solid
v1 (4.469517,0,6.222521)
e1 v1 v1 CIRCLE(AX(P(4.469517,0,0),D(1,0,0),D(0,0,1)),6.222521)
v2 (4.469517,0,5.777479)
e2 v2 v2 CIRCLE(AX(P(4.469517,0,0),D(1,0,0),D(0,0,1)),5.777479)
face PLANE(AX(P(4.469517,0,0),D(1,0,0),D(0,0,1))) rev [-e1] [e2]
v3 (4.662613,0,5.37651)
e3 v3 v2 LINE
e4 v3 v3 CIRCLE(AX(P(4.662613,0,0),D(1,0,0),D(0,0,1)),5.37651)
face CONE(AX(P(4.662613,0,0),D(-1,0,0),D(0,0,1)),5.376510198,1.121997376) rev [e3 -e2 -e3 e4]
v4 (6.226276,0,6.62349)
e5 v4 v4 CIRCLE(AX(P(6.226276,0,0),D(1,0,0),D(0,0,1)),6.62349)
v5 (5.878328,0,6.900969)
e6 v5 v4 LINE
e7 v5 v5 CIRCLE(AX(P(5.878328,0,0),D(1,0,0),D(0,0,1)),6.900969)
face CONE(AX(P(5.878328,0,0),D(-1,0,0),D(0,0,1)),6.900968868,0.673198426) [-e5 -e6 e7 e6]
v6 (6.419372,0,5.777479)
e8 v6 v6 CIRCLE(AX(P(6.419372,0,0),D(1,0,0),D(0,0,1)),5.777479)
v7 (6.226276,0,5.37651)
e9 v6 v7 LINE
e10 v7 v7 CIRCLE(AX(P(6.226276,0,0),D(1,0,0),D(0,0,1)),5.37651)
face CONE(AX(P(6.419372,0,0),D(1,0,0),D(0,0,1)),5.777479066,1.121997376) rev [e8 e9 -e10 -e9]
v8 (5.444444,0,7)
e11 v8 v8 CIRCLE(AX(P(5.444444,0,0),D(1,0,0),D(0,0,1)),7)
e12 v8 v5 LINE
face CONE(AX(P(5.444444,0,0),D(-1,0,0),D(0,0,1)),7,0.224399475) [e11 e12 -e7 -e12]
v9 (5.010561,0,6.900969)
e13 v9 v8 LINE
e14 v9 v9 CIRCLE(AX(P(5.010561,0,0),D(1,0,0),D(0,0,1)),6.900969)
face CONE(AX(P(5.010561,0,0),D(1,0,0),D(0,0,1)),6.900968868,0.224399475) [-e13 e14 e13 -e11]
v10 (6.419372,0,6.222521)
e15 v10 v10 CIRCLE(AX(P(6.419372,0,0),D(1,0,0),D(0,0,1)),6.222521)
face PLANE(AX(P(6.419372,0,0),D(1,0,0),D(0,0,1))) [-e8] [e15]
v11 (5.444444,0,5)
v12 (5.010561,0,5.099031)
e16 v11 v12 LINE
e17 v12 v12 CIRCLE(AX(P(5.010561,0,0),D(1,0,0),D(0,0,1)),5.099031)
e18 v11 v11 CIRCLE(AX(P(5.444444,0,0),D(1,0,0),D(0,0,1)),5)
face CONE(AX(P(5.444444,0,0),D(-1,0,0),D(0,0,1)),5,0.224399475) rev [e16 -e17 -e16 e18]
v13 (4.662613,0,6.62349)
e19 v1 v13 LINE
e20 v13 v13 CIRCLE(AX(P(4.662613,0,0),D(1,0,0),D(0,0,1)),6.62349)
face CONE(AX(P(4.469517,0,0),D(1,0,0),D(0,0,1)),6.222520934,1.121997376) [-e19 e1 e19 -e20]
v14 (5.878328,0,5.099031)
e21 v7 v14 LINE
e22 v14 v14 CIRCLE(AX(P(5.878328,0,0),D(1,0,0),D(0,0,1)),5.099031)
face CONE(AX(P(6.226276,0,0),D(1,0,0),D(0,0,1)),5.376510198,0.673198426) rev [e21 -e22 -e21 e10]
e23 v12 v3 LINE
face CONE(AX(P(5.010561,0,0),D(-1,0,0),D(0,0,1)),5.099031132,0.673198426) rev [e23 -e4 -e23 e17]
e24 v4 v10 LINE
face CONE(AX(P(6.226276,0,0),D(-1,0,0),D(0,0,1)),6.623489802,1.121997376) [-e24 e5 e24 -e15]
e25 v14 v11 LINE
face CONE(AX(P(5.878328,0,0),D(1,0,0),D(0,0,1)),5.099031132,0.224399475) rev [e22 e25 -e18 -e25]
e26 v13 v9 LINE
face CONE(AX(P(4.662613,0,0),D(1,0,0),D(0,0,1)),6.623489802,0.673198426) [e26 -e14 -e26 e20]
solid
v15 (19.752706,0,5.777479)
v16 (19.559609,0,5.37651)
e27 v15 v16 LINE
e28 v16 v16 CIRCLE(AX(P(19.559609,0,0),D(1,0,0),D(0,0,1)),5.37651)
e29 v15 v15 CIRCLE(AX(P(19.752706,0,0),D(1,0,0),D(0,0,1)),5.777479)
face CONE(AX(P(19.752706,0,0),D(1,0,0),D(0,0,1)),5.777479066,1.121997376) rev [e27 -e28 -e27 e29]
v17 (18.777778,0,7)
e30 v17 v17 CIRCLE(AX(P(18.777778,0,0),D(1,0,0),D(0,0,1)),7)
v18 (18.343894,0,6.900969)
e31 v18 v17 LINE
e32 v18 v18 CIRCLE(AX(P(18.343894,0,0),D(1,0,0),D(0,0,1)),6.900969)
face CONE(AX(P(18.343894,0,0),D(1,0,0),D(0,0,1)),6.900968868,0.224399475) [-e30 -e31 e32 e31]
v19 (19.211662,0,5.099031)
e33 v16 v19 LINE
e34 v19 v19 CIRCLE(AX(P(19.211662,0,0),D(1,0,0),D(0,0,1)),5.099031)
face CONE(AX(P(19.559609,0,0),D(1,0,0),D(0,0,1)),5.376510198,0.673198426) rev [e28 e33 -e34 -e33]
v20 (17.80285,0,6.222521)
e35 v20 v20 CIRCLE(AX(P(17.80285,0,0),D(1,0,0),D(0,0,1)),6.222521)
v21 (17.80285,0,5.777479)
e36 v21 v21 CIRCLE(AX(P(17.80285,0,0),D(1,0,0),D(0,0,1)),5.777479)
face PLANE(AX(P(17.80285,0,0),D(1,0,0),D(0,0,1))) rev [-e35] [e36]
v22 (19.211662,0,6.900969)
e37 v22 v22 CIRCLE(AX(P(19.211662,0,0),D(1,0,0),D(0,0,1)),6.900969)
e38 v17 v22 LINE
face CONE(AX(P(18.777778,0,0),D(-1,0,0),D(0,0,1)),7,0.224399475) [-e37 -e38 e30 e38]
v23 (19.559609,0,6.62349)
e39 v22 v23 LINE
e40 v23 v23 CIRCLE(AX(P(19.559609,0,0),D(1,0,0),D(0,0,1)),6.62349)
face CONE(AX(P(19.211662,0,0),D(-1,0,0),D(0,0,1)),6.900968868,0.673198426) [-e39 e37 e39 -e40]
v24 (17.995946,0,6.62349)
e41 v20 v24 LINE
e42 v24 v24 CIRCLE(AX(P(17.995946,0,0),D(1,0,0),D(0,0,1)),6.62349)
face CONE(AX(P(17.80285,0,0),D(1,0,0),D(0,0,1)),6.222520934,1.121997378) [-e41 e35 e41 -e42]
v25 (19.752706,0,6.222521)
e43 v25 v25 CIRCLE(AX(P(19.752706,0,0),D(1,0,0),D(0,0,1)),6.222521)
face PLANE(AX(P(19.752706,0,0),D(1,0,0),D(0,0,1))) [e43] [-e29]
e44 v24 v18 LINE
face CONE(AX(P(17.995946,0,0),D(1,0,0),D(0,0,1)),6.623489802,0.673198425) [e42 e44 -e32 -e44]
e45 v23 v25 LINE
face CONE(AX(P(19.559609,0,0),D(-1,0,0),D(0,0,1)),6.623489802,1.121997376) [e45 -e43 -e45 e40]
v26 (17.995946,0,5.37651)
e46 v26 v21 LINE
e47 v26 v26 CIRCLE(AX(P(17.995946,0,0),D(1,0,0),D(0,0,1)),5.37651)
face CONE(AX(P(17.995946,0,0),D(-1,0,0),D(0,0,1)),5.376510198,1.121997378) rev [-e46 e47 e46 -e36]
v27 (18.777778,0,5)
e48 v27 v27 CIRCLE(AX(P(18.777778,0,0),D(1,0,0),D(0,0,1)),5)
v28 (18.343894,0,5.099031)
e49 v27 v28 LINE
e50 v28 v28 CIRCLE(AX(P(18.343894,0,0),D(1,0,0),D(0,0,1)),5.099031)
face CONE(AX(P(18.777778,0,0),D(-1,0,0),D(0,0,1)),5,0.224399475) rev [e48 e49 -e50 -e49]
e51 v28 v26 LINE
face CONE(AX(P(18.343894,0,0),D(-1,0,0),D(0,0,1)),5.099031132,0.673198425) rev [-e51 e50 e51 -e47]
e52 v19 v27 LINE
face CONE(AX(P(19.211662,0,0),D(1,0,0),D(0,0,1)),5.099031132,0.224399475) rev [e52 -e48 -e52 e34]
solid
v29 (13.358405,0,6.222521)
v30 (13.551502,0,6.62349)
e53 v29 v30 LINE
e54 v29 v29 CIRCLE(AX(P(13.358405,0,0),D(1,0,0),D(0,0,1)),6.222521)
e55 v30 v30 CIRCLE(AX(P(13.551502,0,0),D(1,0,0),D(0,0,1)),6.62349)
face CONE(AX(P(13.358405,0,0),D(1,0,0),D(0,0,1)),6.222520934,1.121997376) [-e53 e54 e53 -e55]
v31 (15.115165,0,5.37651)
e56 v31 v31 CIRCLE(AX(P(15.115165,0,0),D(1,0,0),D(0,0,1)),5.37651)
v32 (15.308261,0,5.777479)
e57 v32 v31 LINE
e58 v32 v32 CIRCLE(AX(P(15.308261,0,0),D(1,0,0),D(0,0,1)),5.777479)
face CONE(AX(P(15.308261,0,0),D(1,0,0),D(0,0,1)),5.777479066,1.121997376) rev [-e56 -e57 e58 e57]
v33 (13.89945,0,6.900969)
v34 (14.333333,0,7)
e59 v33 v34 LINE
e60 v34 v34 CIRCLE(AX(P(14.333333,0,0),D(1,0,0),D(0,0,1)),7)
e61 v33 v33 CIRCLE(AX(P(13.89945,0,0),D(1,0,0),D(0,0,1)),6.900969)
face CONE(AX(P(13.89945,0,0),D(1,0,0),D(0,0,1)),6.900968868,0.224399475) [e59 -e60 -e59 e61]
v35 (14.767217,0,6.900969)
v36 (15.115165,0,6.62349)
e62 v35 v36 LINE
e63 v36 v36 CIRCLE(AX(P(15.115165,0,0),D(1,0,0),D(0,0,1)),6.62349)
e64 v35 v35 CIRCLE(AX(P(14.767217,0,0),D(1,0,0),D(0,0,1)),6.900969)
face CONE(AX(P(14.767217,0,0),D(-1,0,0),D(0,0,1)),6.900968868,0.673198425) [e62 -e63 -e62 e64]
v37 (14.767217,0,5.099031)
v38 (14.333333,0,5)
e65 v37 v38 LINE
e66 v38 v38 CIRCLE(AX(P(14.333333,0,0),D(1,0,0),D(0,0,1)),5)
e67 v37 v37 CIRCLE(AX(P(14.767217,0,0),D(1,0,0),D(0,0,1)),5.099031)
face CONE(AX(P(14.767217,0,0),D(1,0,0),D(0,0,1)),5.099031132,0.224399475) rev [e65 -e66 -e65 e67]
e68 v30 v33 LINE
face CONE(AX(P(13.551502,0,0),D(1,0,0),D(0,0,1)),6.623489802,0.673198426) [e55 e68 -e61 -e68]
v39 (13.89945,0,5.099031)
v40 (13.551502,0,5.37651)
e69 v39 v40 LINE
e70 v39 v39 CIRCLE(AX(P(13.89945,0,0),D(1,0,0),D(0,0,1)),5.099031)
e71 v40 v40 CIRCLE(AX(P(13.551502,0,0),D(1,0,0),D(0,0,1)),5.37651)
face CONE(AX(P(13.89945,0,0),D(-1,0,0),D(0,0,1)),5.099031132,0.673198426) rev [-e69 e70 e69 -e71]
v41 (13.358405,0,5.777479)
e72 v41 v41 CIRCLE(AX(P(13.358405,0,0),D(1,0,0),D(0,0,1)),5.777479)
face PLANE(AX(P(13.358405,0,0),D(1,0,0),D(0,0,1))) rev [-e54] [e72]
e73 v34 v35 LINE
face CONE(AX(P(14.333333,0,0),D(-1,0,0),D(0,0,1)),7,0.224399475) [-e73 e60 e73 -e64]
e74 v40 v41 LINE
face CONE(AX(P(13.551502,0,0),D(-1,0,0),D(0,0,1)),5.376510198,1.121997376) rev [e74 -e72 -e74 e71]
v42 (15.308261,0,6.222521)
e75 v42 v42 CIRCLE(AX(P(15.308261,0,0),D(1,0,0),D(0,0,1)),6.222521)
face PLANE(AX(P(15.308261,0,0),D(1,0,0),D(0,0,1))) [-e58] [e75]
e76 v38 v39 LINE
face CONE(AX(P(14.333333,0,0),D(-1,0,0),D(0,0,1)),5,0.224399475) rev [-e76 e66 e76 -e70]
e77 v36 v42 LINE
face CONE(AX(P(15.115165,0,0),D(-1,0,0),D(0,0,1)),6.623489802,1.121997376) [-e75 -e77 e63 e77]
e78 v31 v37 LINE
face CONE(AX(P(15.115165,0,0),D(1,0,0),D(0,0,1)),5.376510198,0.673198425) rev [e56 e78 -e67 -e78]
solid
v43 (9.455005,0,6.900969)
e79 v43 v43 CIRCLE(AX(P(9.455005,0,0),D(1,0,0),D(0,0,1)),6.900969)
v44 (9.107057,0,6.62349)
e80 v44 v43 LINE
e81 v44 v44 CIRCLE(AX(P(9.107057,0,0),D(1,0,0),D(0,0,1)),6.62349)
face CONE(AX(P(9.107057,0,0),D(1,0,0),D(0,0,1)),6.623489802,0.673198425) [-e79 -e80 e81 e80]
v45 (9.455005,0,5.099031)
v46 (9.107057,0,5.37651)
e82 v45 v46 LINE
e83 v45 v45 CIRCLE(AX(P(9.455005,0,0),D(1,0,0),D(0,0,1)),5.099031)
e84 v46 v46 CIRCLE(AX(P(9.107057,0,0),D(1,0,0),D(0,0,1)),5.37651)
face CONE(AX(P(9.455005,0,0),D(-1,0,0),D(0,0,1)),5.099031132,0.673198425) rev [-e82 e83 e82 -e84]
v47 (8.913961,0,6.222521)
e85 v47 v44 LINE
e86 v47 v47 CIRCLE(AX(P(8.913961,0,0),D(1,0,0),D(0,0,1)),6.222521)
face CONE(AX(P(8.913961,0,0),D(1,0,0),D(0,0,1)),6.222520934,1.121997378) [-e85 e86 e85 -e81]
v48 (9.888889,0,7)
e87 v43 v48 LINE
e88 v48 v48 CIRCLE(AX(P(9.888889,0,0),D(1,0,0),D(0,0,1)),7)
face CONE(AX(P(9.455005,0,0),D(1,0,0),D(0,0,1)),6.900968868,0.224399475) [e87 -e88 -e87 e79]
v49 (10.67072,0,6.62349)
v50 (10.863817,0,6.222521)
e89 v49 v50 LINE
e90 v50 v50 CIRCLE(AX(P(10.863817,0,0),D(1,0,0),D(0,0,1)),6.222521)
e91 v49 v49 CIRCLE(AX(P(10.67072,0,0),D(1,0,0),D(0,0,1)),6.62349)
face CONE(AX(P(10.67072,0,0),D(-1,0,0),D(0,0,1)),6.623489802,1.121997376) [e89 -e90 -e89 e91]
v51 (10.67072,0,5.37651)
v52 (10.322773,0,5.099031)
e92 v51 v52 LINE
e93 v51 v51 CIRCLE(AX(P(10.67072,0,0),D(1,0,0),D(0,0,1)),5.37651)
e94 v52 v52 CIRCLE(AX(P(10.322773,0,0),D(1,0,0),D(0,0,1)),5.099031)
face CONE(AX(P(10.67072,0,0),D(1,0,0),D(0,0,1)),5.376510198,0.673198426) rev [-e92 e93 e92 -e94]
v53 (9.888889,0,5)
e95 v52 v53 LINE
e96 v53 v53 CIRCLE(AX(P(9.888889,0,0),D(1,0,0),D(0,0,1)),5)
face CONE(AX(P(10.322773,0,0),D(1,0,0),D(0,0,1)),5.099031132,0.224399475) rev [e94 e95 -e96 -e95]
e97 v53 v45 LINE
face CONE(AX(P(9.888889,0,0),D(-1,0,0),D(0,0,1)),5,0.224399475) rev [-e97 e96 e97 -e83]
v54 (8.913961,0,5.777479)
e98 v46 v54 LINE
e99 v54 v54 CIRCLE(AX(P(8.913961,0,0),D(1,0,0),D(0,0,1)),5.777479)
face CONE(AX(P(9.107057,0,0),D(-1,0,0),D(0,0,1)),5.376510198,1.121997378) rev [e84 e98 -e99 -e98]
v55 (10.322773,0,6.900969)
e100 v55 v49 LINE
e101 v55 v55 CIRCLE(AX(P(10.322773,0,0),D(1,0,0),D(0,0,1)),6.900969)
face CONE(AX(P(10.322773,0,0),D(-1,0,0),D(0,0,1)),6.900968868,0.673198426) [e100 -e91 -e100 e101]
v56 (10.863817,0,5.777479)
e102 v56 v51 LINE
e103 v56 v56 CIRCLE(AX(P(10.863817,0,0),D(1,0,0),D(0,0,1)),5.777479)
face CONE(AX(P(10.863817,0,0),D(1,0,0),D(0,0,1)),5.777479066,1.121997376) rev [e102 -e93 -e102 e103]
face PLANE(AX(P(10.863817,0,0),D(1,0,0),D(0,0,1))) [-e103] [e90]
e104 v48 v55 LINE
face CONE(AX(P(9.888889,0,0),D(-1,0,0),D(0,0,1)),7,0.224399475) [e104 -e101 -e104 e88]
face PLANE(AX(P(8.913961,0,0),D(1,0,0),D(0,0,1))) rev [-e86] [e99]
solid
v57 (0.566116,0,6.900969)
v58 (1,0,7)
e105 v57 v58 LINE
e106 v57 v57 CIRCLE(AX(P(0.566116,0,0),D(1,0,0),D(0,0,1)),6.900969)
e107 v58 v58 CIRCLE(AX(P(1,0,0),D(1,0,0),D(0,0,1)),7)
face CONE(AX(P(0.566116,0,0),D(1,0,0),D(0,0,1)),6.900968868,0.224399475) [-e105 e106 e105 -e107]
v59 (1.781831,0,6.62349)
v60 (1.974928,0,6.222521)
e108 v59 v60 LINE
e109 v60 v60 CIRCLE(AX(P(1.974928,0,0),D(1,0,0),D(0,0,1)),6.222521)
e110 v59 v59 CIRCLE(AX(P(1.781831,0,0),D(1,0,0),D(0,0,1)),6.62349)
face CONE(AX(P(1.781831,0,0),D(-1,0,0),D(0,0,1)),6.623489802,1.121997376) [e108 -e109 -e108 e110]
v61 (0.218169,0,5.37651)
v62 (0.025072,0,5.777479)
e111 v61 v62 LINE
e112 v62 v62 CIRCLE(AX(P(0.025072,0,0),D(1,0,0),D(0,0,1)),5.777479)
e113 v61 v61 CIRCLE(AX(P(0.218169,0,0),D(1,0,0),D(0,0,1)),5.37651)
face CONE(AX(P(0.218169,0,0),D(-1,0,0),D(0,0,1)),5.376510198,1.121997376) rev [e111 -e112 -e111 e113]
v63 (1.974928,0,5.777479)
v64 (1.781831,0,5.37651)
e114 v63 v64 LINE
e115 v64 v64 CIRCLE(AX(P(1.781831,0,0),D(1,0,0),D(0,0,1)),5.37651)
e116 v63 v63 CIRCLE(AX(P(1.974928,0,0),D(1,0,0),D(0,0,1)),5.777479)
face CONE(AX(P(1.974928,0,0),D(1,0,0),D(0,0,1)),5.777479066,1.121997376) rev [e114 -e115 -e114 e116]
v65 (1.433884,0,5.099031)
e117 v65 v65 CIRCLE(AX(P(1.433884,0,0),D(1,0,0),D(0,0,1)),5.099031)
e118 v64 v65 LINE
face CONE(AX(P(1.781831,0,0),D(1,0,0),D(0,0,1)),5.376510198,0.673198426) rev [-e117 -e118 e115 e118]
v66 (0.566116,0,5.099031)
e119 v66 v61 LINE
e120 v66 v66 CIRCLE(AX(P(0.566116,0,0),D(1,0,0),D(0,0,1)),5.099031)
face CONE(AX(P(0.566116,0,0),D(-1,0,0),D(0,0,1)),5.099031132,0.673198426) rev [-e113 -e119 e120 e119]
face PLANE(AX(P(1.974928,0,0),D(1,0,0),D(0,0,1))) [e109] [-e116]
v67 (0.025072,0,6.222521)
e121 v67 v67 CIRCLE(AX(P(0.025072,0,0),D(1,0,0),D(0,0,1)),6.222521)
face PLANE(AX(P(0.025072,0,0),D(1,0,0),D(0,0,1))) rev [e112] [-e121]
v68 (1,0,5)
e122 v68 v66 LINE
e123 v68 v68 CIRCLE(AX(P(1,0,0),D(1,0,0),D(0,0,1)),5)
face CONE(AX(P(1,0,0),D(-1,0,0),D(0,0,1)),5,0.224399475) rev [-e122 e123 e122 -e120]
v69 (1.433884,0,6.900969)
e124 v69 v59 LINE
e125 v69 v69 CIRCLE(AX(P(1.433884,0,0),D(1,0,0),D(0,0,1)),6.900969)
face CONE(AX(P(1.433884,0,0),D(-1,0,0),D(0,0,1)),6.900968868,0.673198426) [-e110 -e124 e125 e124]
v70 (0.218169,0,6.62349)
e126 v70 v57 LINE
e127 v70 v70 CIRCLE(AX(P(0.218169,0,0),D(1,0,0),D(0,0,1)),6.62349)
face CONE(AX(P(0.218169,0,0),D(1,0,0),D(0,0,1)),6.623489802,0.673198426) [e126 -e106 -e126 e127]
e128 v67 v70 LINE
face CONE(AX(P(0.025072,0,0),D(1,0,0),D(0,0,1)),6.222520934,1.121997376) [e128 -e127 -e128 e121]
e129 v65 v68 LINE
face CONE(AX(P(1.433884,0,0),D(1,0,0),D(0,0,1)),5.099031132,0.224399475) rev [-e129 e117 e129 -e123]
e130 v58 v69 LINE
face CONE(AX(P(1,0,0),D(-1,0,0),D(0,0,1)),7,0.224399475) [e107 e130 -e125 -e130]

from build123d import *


with BuildPart() as part:
    # 草图1 → 旋转1 (revolve)
    with BuildSketch(Plane.XY, mode=Mode.PRIVATE) as revolve_1_sk:
        Polygon((1, 7), (1.433883739, 6.900968868), (1.781831482, 6.623489802), (1.974927912, 6.222520934), (1.974927912, 5.777479066), (1.781831482, 5.376510198), (1.433883739, 5.099031132), (1, 5), (0.566116261, 5.099031132), (0.218168518, 5.376510198), (0.025072088, 5.777479066), (0.025072088, 6.222520934), (0.218168518, 6.623489802), (0.566116261, 6.900968868), align=None)
    revolve(revolve_1_sk.sketch.rotate(Axis((-2, 0, 0), (1, 0, 0)), 90), axis=Axis((-2, 0, 0), (1, 0, 0)))


with BuildPart() as body_2:
    # 草图2 → 旋转2 (revolve)
    with BuildSketch(Plane.XY, mode=Mode.PRIVATE) as revolve_2_sk:
        Polygon((5.444444444, 7), (5.878328184, 6.900968868), (6.226275927, 6.623489802), (6.419372357, 6.222520934), (6.419372357, 5.777479066), (6.226275927, 5.376510198), (5.878328184, 5.099031132), (5.444444444, 5), (5.010560705, 5.099031132), (4.662612962, 5.376510198), (4.469516532, 5.777479066), (4.469516532, 6.222520934), (4.662612962, 6.623489802), (5.010560705, 6.900968868), align=None)
    revolve(revolve_2_sk.sketch.rotate(Axis((-2, 0, 0), (1, 0, 0)), 90), axis=Axis((-2, 0, 0), (1, 0, 0)))


with BuildPart() as body_3:
    # 草图3 → 旋转3 (revolve)
    with BuildSketch(Plane.XY, mode=Mode.PRIVATE) as revolve_3_sk:
        Polygon((9.888888889, 7), (10.322772628, 6.900968868), (10.670720371, 6.623489802), (10.863816801, 6.222520934), (10.863816801, 5.777479066), (10.670720371, 5.376510198), (10.322772628, 5.099031132), (9.888888889, 5), (9.45500515, 5.099031132), (9.107057406, 5.376510198), (8.913960977, 5.777479066), (8.913960977, 6.222520934), (9.107057406, 6.623489802), (9.45500515, 6.900968868), align=None)
    revolve(revolve_3_sk.sketch.rotate(Axis((-2, 0, 0), (1, 0, 0)), 90), axis=Axis((-2, 0, 0), (1, 0, 0)))


with BuildPart() as body_4:
    # 草图4 → 旋转4 (revolve)
    with BuildSketch(Plane.XY, mode=Mode.PRIVATE) as revolve_4_sk:
        Polygon((14.333333333, 7), (14.767217072, 6.900968868), (15.115164816, 6.623489802), (15.308261246, 6.222520934), (15.308261246, 5.777479066), (15.115164816, 5.376510198), (14.767217072, 5.099031132), (14.333333333, 5), (13.899449594, 5.099031132), (13.551501851, 5.376510198), (13.358405421, 5.777479066), (13.358405421, 6.222520934), (13.551501851, 6.623489802), (13.899449594, 6.900968868), align=None)
    revolve(revolve_4_sk.sketch.rotate(Axis((-2, 0, 0), (1, 0, 0)), 90), axis=Axis((-2, 0, 0), (1, 0, 0)))


with BuildPart() as body_5:
    # 草图5 → 旋转5 (revolve)
    with BuildSketch(Plane.XY, mode=Mode.PRIVATE) as revolve_5_sk:
        Polygon((18.777777778, 7), (19.211661517, 6.900968868), (19.55960926, 6.623489802), (19.75270569, 6.222520934), (19.75270569, 5.777479066), (19.55960926, 5.376510198), (19.211661517, 5.099031132), (18.777777778, 5), (18.343894039, 5.099031132), (17.995946295, 5.376510198), (17.802849866, 5.777479066), (17.802849866, 6.222520934), (17.995946295, 6.623489802), (18.343894039, 6.900968868), align=None)
    revolve(revolve_5_sk.sketch.rotate(Axis((-2, 0, 0), (1, 0, 0)), 90), axis=Axis((-2, 0, 0), (1, 0, 0)))


solid = Compound([part.part, body_2.part, body_3.part, body_4.part, body_5.part])
